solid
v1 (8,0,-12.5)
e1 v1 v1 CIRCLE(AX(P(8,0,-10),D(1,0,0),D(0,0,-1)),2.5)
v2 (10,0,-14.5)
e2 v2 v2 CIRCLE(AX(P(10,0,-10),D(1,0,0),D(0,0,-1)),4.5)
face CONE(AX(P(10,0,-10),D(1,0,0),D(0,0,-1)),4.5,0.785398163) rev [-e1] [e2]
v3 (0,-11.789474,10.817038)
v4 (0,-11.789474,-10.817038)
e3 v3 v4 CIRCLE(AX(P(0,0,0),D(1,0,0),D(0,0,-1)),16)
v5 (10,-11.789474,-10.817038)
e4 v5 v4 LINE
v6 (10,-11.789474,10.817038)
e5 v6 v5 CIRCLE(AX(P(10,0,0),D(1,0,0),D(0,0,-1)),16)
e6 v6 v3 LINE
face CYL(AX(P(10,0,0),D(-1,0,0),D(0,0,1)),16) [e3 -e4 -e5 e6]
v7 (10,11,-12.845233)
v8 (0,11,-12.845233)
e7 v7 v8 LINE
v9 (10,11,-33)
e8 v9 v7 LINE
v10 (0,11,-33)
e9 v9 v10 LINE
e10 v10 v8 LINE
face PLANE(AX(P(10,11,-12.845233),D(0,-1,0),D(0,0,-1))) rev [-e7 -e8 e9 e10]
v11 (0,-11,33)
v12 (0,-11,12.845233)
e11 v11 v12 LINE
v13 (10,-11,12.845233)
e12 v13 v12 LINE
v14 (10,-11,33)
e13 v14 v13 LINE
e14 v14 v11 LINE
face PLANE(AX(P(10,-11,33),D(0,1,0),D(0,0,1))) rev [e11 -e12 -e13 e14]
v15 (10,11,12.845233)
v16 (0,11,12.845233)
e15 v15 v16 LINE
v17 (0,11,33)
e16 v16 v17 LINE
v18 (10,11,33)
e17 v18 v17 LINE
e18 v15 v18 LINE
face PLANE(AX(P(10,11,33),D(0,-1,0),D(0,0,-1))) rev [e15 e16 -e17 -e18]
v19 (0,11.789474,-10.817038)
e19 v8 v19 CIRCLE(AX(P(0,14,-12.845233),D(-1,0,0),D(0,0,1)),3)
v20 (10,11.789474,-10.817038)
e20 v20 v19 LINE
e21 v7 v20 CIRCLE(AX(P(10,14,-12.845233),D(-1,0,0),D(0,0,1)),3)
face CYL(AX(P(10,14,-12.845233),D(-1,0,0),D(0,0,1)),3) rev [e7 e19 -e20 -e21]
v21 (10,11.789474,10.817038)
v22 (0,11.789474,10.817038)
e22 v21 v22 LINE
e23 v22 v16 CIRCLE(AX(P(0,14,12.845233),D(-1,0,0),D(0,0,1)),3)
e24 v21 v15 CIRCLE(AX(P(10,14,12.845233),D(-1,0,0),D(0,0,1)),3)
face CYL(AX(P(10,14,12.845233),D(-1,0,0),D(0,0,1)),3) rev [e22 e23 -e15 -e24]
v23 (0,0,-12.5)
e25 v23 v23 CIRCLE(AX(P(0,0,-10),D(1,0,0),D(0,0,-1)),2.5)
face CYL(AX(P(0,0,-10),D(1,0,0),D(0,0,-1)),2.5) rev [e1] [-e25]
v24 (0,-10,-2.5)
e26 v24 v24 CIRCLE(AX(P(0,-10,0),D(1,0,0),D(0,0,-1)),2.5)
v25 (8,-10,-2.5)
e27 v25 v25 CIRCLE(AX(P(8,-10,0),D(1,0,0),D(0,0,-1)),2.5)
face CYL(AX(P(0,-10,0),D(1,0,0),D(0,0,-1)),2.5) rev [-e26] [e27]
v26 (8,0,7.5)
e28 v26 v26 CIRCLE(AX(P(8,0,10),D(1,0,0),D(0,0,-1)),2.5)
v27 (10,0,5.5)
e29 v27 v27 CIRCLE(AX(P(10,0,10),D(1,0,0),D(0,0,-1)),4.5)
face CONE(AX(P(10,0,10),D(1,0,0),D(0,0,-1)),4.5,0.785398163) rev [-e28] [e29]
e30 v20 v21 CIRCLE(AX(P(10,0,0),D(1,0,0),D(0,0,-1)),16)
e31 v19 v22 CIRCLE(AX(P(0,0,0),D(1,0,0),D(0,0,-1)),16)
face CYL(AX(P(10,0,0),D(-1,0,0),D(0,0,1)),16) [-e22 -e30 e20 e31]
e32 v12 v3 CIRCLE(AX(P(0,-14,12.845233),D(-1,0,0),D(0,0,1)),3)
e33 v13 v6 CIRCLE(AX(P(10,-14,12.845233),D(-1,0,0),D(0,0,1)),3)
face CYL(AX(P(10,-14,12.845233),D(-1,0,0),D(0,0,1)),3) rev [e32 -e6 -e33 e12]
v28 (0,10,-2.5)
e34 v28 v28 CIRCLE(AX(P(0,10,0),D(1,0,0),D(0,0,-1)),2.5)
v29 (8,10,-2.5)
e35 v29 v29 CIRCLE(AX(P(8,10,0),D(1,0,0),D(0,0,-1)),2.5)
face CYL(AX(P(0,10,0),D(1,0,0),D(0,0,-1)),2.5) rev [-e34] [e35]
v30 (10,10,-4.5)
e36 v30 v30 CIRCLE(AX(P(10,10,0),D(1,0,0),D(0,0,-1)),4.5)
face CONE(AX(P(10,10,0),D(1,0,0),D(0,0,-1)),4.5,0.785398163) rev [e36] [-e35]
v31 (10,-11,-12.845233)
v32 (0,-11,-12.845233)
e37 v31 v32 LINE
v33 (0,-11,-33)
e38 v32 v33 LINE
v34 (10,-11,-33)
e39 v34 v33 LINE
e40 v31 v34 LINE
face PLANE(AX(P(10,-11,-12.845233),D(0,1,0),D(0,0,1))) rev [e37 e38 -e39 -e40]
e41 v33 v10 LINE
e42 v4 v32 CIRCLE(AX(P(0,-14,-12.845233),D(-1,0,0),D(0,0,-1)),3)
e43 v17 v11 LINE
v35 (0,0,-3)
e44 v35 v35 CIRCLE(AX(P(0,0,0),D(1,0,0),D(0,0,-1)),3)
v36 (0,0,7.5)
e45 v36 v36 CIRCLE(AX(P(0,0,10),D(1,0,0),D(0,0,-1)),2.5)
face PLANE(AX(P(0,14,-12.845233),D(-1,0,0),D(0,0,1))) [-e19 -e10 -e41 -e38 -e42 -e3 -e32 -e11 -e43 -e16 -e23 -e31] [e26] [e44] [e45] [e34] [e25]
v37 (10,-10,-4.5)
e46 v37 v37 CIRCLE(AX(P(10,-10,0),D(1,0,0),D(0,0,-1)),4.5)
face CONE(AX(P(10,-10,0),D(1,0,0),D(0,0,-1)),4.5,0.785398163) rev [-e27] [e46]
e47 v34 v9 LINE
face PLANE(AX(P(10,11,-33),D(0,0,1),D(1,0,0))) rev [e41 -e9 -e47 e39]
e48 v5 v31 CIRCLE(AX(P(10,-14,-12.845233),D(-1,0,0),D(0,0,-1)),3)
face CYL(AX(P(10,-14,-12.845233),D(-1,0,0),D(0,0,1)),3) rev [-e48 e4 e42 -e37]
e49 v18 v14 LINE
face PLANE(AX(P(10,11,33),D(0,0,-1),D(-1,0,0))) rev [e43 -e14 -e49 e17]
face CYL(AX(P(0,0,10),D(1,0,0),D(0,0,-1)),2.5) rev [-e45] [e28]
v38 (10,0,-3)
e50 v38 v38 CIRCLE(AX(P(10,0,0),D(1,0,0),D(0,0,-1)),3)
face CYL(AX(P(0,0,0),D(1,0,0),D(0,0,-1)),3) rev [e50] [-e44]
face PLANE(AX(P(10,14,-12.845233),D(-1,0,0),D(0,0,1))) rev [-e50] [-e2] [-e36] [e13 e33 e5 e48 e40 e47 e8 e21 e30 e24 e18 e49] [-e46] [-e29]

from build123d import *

# Parameters (mm, degrees)
EXTRUDE_1_DEPTH               = 10
SKETCH_2_R                    = 2.5
CUT_EXTRUDE_2_DEPTH           = 39.013155617
SKETCH_4_R                    = 4.5
CUT_EXTRUDE_3_DEPTH           = 2
CUT_EXTRUDE_3_DRAFT           = -45
CUT_EXTRUDE_3_PROFILE_2_DEPTH = 2
CUT_EXTRUDE_3_PROFILE_2_DRAFT = -45
CUT_EXTRUDE_3_PROFILE_3_DEPTH = 2
CUT_EXTRUDE_3_PROFILE_3_DRAFT = -45
CUT_EXTRUDE_3_PROFILE_4_DEPTH = 2
CUT_EXTRUDE_3_PROFILE_4_DRAFT = -45
SKETCH_5_R                    = 3
CUT_EXTRUDE_4_DEPTH           = 39.013155617


with BuildPart() as part:
    # Эскиз1 → Вытянуть1 (new body)
    with BuildSketch(Plane(origin=(0, 0, 0), x_dir=(0, 0, -1), z_dir=(1, 0, 0))):
        with BuildLine():
            Line((12.845232579, 11), (33, 11))
            Line((33, 11), (33, -11))
            Line((33, -11), (12.845232579, -11))
            ThreePointArc((12.845232579, -11), (11.757018204, -11.204326651), (10.817037961, -11.789473684))
            ThreePointArc((10.817037961, -11.789473684), (0, -16), (-10.817037961, -11.789473684))
            ThreePointArc((-10.817037961, -11.789473684), (-11.757018204, -11.204326651), (-12.845232579, -11))
            Line((-12.845232579, -11), (-33, -11))
            Line((-33, -11), (-33, 11))
            Line((-33, 11), (-12.845232579, 11))
            ThreePointArc((-12.845232579, 11), (-11.757018204, 11.204326651), (-10.817037961, 11.789473684))
            ThreePointArc((-10.817037961, 11.789473684), (0, 16), (10.817037961, 11.789473684))
            ThreePointArc((10.817037961, 11.789473684), (11.757018204, 11.204326651), (12.845232579, 11))
        make_face()
    extrude(amount=EXTRUDE_1_DEPTH)

    # Эскиз2 → Вытянуть2 (cut, through all)
    with BuildSketch(Plane(origin=(10, 0, 0), x_dir=(0, 0, -1), z_dir=(1, 0, 0))):
        with Locations((0, 10)):
            Circle(SKETCH_2_R)
        with Locations((10, 0)):
            Circle(SKETCH_2_R)
        with Locations((0, -10)):
            Circle(SKETCH_2_R)
        with Locations((-10, 0)):
            Circle(SKETCH_2_R)
    extrude(amount=-CUT_EXTRUDE_2_DEPTH, mode=Mode.SUBTRACT)


with BuildPart() as cut_extrude_3_tool:
    # Эскиз4 → Вытянуть3 (with draft: the straight prism first)
    with BuildSketch(Plane(origin=(10, 0, 0), x_dir=(0, 0, -1), z_dir=(1, 0, 0))):
        with Locations((0, 10)):
            Circle(SKETCH_4_R)
    extrude(amount=-CUT_EXTRUDE_3_DEPTH)
    # Вытянуть3: the draft: its side faces are tilted about the plane it starts from
    cut_extrude_3_sides = [cut_extrude_3_tool.faces().sort_by_distance(p)[0] for p in [
        (9, 10, 4.5),
    ]]
    draft(cut_extrude_3_sides, Plane(origin=(10, 0, 0), x_dir=(0, 0, -1), z_dir=(1, 0, 0)), CUT_EXTRUDE_3_DRAFT)


with BuildPart() as part_1:
    add(part.part)

    # Вытянуть3: cut by cut_extrude_3_tool
    add(cut_extrude_3_tool.part, mode=Mode.SUBTRACT)


with BuildPart() as cut_extrude_3_profile_2_tool:
    # Эскиз4 → Вытянуть3 profile 2 (with draft: the straight prism first)
    with BuildSketch(Plane(origin=(10, 0, 0), x_dir=(0, 0, -1), z_dir=(1, 0, 0))):
        with Locations((10, 0)):
            Circle(SKETCH_4_R)
    extrude(amount=-CUT_EXTRUDE_3_PROFILE_2_DEPTH)
    # Вытянуть3 profile 2: the draft: its side faces are tilted about the plane it starts from
    cut_extrude_3_profile_2_sides = [cut_extrude_3_profile_2_tool.faces().sort_by_distance(p)[0] for p in [
        (9, 0, -5.5),
    ]]
    draft(cut_extrude_3_profile_2_sides, Plane(origin=(10, 0, 0), x_dir=(0, 0, -1), z_dir=(1, 0, 0)), CUT_EXTRUDE_3_PROFILE_2_DRAFT)


with BuildPart() as part_2:
    add(part_1.part)

    # Вытянуть3 profile 2: cut by cut_extrude_3_profile_2_tool
    add(cut_extrude_3_profile_2_tool.part, mode=Mode.SUBTRACT)


with BuildPart() as cut_extrude_3_profile_3_tool:
    # Эскиз4 → Вытянуть3 profile 3 (with draft: the straight prism first)
    with BuildSketch(Plane(origin=(10, 0, 0), x_dir=(0, 0, -1), z_dir=(1, 0, 0))):
        with Locations((0, -10)):
            Circle(SKETCH_4_R)
    extrude(amount=-CUT_EXTRUDE_3_PROFILE_3_DEPTH)
    # Вытянуть3 profile 3: the draft: its side faces are tilted about the plane it starts from
    cut_extrude_3_profile_3_sides = [cut_extrude_3_profile_3_tool.faces().sort_by_distance(p)[0] for p in [
        (9, -10, 4.5),
    ]]
    draft(cut_extrude_3_profile_3_sides, Plane(origin=(10, 0, 0), x_dir=(0, 0, -1), z_dir=(1, 0, 0)), CUT_EXTRUDE_3_PROFILE_3_DRAFT)


with BuildPart() as part_3:
    add(part_2.part)

    # Вытянуть3 profile 3: cut by cut_extrude_3_profile_3_tool
    add(cut_extrude_3_profile_3_tool.part, mode=Mode.SUBTRACT)


with BuildPart() as cut_extrude_3_profile_4_tool:
    # Эскиз4 → Вытянуть3 profile 4 (with draft: the straight prism first)
    with BuildSketch(Plane(origin=(10, 0, 0), x_dir=(0, 0, -1), z_dir=(1, 0, 0))):
        with Locations((-10, 0)):
            Circle(SKETCH_4_R)
    extrude(amount=-CUT_EXTRUDE_3_PROFILE_4_DEPTH)
    # Вытянуть3 profile 4: the draft: its side faces are tilted about the plane it starts from
    cut_extrude_3_profile_4_sides = [cut_extrude_3_profile_4_tool.faces().sort_by_distance(p)[0] for p in [
        (9, 0, 14.5),
    ]]
    draft(cut_extrude_3_profile_4_sides, Plane(origin=(10, 0, 0), x_dir=(0, 0, -1), z_dir=(1, 0, 0)), CUT_EXTRUDE_3_PROFILE_4_DRAFT)


with BuildPart() as part_4:
    add(part_3.part)

    # Вытянуть3 profile 4: cut by cut_extrude_3_profile_4_tool
    add(cut_extrude_3_profile_4_tool.part, mode=Mode.SUBTRACT)

    # Эскиз5 → Вытянуть4 (cut, through all)
    with BuildSketch(Plane(origin=(10, 0, 0), x_dir=(0, 0, -1), z_dir=(1, 0, 0))):
        Circle(SKETCH_5_R)
    extrude(amount=-CUT_EXTRUDE_4_DEPTH, mode=Mode.SUBTRACT)


solid = part_4.part
